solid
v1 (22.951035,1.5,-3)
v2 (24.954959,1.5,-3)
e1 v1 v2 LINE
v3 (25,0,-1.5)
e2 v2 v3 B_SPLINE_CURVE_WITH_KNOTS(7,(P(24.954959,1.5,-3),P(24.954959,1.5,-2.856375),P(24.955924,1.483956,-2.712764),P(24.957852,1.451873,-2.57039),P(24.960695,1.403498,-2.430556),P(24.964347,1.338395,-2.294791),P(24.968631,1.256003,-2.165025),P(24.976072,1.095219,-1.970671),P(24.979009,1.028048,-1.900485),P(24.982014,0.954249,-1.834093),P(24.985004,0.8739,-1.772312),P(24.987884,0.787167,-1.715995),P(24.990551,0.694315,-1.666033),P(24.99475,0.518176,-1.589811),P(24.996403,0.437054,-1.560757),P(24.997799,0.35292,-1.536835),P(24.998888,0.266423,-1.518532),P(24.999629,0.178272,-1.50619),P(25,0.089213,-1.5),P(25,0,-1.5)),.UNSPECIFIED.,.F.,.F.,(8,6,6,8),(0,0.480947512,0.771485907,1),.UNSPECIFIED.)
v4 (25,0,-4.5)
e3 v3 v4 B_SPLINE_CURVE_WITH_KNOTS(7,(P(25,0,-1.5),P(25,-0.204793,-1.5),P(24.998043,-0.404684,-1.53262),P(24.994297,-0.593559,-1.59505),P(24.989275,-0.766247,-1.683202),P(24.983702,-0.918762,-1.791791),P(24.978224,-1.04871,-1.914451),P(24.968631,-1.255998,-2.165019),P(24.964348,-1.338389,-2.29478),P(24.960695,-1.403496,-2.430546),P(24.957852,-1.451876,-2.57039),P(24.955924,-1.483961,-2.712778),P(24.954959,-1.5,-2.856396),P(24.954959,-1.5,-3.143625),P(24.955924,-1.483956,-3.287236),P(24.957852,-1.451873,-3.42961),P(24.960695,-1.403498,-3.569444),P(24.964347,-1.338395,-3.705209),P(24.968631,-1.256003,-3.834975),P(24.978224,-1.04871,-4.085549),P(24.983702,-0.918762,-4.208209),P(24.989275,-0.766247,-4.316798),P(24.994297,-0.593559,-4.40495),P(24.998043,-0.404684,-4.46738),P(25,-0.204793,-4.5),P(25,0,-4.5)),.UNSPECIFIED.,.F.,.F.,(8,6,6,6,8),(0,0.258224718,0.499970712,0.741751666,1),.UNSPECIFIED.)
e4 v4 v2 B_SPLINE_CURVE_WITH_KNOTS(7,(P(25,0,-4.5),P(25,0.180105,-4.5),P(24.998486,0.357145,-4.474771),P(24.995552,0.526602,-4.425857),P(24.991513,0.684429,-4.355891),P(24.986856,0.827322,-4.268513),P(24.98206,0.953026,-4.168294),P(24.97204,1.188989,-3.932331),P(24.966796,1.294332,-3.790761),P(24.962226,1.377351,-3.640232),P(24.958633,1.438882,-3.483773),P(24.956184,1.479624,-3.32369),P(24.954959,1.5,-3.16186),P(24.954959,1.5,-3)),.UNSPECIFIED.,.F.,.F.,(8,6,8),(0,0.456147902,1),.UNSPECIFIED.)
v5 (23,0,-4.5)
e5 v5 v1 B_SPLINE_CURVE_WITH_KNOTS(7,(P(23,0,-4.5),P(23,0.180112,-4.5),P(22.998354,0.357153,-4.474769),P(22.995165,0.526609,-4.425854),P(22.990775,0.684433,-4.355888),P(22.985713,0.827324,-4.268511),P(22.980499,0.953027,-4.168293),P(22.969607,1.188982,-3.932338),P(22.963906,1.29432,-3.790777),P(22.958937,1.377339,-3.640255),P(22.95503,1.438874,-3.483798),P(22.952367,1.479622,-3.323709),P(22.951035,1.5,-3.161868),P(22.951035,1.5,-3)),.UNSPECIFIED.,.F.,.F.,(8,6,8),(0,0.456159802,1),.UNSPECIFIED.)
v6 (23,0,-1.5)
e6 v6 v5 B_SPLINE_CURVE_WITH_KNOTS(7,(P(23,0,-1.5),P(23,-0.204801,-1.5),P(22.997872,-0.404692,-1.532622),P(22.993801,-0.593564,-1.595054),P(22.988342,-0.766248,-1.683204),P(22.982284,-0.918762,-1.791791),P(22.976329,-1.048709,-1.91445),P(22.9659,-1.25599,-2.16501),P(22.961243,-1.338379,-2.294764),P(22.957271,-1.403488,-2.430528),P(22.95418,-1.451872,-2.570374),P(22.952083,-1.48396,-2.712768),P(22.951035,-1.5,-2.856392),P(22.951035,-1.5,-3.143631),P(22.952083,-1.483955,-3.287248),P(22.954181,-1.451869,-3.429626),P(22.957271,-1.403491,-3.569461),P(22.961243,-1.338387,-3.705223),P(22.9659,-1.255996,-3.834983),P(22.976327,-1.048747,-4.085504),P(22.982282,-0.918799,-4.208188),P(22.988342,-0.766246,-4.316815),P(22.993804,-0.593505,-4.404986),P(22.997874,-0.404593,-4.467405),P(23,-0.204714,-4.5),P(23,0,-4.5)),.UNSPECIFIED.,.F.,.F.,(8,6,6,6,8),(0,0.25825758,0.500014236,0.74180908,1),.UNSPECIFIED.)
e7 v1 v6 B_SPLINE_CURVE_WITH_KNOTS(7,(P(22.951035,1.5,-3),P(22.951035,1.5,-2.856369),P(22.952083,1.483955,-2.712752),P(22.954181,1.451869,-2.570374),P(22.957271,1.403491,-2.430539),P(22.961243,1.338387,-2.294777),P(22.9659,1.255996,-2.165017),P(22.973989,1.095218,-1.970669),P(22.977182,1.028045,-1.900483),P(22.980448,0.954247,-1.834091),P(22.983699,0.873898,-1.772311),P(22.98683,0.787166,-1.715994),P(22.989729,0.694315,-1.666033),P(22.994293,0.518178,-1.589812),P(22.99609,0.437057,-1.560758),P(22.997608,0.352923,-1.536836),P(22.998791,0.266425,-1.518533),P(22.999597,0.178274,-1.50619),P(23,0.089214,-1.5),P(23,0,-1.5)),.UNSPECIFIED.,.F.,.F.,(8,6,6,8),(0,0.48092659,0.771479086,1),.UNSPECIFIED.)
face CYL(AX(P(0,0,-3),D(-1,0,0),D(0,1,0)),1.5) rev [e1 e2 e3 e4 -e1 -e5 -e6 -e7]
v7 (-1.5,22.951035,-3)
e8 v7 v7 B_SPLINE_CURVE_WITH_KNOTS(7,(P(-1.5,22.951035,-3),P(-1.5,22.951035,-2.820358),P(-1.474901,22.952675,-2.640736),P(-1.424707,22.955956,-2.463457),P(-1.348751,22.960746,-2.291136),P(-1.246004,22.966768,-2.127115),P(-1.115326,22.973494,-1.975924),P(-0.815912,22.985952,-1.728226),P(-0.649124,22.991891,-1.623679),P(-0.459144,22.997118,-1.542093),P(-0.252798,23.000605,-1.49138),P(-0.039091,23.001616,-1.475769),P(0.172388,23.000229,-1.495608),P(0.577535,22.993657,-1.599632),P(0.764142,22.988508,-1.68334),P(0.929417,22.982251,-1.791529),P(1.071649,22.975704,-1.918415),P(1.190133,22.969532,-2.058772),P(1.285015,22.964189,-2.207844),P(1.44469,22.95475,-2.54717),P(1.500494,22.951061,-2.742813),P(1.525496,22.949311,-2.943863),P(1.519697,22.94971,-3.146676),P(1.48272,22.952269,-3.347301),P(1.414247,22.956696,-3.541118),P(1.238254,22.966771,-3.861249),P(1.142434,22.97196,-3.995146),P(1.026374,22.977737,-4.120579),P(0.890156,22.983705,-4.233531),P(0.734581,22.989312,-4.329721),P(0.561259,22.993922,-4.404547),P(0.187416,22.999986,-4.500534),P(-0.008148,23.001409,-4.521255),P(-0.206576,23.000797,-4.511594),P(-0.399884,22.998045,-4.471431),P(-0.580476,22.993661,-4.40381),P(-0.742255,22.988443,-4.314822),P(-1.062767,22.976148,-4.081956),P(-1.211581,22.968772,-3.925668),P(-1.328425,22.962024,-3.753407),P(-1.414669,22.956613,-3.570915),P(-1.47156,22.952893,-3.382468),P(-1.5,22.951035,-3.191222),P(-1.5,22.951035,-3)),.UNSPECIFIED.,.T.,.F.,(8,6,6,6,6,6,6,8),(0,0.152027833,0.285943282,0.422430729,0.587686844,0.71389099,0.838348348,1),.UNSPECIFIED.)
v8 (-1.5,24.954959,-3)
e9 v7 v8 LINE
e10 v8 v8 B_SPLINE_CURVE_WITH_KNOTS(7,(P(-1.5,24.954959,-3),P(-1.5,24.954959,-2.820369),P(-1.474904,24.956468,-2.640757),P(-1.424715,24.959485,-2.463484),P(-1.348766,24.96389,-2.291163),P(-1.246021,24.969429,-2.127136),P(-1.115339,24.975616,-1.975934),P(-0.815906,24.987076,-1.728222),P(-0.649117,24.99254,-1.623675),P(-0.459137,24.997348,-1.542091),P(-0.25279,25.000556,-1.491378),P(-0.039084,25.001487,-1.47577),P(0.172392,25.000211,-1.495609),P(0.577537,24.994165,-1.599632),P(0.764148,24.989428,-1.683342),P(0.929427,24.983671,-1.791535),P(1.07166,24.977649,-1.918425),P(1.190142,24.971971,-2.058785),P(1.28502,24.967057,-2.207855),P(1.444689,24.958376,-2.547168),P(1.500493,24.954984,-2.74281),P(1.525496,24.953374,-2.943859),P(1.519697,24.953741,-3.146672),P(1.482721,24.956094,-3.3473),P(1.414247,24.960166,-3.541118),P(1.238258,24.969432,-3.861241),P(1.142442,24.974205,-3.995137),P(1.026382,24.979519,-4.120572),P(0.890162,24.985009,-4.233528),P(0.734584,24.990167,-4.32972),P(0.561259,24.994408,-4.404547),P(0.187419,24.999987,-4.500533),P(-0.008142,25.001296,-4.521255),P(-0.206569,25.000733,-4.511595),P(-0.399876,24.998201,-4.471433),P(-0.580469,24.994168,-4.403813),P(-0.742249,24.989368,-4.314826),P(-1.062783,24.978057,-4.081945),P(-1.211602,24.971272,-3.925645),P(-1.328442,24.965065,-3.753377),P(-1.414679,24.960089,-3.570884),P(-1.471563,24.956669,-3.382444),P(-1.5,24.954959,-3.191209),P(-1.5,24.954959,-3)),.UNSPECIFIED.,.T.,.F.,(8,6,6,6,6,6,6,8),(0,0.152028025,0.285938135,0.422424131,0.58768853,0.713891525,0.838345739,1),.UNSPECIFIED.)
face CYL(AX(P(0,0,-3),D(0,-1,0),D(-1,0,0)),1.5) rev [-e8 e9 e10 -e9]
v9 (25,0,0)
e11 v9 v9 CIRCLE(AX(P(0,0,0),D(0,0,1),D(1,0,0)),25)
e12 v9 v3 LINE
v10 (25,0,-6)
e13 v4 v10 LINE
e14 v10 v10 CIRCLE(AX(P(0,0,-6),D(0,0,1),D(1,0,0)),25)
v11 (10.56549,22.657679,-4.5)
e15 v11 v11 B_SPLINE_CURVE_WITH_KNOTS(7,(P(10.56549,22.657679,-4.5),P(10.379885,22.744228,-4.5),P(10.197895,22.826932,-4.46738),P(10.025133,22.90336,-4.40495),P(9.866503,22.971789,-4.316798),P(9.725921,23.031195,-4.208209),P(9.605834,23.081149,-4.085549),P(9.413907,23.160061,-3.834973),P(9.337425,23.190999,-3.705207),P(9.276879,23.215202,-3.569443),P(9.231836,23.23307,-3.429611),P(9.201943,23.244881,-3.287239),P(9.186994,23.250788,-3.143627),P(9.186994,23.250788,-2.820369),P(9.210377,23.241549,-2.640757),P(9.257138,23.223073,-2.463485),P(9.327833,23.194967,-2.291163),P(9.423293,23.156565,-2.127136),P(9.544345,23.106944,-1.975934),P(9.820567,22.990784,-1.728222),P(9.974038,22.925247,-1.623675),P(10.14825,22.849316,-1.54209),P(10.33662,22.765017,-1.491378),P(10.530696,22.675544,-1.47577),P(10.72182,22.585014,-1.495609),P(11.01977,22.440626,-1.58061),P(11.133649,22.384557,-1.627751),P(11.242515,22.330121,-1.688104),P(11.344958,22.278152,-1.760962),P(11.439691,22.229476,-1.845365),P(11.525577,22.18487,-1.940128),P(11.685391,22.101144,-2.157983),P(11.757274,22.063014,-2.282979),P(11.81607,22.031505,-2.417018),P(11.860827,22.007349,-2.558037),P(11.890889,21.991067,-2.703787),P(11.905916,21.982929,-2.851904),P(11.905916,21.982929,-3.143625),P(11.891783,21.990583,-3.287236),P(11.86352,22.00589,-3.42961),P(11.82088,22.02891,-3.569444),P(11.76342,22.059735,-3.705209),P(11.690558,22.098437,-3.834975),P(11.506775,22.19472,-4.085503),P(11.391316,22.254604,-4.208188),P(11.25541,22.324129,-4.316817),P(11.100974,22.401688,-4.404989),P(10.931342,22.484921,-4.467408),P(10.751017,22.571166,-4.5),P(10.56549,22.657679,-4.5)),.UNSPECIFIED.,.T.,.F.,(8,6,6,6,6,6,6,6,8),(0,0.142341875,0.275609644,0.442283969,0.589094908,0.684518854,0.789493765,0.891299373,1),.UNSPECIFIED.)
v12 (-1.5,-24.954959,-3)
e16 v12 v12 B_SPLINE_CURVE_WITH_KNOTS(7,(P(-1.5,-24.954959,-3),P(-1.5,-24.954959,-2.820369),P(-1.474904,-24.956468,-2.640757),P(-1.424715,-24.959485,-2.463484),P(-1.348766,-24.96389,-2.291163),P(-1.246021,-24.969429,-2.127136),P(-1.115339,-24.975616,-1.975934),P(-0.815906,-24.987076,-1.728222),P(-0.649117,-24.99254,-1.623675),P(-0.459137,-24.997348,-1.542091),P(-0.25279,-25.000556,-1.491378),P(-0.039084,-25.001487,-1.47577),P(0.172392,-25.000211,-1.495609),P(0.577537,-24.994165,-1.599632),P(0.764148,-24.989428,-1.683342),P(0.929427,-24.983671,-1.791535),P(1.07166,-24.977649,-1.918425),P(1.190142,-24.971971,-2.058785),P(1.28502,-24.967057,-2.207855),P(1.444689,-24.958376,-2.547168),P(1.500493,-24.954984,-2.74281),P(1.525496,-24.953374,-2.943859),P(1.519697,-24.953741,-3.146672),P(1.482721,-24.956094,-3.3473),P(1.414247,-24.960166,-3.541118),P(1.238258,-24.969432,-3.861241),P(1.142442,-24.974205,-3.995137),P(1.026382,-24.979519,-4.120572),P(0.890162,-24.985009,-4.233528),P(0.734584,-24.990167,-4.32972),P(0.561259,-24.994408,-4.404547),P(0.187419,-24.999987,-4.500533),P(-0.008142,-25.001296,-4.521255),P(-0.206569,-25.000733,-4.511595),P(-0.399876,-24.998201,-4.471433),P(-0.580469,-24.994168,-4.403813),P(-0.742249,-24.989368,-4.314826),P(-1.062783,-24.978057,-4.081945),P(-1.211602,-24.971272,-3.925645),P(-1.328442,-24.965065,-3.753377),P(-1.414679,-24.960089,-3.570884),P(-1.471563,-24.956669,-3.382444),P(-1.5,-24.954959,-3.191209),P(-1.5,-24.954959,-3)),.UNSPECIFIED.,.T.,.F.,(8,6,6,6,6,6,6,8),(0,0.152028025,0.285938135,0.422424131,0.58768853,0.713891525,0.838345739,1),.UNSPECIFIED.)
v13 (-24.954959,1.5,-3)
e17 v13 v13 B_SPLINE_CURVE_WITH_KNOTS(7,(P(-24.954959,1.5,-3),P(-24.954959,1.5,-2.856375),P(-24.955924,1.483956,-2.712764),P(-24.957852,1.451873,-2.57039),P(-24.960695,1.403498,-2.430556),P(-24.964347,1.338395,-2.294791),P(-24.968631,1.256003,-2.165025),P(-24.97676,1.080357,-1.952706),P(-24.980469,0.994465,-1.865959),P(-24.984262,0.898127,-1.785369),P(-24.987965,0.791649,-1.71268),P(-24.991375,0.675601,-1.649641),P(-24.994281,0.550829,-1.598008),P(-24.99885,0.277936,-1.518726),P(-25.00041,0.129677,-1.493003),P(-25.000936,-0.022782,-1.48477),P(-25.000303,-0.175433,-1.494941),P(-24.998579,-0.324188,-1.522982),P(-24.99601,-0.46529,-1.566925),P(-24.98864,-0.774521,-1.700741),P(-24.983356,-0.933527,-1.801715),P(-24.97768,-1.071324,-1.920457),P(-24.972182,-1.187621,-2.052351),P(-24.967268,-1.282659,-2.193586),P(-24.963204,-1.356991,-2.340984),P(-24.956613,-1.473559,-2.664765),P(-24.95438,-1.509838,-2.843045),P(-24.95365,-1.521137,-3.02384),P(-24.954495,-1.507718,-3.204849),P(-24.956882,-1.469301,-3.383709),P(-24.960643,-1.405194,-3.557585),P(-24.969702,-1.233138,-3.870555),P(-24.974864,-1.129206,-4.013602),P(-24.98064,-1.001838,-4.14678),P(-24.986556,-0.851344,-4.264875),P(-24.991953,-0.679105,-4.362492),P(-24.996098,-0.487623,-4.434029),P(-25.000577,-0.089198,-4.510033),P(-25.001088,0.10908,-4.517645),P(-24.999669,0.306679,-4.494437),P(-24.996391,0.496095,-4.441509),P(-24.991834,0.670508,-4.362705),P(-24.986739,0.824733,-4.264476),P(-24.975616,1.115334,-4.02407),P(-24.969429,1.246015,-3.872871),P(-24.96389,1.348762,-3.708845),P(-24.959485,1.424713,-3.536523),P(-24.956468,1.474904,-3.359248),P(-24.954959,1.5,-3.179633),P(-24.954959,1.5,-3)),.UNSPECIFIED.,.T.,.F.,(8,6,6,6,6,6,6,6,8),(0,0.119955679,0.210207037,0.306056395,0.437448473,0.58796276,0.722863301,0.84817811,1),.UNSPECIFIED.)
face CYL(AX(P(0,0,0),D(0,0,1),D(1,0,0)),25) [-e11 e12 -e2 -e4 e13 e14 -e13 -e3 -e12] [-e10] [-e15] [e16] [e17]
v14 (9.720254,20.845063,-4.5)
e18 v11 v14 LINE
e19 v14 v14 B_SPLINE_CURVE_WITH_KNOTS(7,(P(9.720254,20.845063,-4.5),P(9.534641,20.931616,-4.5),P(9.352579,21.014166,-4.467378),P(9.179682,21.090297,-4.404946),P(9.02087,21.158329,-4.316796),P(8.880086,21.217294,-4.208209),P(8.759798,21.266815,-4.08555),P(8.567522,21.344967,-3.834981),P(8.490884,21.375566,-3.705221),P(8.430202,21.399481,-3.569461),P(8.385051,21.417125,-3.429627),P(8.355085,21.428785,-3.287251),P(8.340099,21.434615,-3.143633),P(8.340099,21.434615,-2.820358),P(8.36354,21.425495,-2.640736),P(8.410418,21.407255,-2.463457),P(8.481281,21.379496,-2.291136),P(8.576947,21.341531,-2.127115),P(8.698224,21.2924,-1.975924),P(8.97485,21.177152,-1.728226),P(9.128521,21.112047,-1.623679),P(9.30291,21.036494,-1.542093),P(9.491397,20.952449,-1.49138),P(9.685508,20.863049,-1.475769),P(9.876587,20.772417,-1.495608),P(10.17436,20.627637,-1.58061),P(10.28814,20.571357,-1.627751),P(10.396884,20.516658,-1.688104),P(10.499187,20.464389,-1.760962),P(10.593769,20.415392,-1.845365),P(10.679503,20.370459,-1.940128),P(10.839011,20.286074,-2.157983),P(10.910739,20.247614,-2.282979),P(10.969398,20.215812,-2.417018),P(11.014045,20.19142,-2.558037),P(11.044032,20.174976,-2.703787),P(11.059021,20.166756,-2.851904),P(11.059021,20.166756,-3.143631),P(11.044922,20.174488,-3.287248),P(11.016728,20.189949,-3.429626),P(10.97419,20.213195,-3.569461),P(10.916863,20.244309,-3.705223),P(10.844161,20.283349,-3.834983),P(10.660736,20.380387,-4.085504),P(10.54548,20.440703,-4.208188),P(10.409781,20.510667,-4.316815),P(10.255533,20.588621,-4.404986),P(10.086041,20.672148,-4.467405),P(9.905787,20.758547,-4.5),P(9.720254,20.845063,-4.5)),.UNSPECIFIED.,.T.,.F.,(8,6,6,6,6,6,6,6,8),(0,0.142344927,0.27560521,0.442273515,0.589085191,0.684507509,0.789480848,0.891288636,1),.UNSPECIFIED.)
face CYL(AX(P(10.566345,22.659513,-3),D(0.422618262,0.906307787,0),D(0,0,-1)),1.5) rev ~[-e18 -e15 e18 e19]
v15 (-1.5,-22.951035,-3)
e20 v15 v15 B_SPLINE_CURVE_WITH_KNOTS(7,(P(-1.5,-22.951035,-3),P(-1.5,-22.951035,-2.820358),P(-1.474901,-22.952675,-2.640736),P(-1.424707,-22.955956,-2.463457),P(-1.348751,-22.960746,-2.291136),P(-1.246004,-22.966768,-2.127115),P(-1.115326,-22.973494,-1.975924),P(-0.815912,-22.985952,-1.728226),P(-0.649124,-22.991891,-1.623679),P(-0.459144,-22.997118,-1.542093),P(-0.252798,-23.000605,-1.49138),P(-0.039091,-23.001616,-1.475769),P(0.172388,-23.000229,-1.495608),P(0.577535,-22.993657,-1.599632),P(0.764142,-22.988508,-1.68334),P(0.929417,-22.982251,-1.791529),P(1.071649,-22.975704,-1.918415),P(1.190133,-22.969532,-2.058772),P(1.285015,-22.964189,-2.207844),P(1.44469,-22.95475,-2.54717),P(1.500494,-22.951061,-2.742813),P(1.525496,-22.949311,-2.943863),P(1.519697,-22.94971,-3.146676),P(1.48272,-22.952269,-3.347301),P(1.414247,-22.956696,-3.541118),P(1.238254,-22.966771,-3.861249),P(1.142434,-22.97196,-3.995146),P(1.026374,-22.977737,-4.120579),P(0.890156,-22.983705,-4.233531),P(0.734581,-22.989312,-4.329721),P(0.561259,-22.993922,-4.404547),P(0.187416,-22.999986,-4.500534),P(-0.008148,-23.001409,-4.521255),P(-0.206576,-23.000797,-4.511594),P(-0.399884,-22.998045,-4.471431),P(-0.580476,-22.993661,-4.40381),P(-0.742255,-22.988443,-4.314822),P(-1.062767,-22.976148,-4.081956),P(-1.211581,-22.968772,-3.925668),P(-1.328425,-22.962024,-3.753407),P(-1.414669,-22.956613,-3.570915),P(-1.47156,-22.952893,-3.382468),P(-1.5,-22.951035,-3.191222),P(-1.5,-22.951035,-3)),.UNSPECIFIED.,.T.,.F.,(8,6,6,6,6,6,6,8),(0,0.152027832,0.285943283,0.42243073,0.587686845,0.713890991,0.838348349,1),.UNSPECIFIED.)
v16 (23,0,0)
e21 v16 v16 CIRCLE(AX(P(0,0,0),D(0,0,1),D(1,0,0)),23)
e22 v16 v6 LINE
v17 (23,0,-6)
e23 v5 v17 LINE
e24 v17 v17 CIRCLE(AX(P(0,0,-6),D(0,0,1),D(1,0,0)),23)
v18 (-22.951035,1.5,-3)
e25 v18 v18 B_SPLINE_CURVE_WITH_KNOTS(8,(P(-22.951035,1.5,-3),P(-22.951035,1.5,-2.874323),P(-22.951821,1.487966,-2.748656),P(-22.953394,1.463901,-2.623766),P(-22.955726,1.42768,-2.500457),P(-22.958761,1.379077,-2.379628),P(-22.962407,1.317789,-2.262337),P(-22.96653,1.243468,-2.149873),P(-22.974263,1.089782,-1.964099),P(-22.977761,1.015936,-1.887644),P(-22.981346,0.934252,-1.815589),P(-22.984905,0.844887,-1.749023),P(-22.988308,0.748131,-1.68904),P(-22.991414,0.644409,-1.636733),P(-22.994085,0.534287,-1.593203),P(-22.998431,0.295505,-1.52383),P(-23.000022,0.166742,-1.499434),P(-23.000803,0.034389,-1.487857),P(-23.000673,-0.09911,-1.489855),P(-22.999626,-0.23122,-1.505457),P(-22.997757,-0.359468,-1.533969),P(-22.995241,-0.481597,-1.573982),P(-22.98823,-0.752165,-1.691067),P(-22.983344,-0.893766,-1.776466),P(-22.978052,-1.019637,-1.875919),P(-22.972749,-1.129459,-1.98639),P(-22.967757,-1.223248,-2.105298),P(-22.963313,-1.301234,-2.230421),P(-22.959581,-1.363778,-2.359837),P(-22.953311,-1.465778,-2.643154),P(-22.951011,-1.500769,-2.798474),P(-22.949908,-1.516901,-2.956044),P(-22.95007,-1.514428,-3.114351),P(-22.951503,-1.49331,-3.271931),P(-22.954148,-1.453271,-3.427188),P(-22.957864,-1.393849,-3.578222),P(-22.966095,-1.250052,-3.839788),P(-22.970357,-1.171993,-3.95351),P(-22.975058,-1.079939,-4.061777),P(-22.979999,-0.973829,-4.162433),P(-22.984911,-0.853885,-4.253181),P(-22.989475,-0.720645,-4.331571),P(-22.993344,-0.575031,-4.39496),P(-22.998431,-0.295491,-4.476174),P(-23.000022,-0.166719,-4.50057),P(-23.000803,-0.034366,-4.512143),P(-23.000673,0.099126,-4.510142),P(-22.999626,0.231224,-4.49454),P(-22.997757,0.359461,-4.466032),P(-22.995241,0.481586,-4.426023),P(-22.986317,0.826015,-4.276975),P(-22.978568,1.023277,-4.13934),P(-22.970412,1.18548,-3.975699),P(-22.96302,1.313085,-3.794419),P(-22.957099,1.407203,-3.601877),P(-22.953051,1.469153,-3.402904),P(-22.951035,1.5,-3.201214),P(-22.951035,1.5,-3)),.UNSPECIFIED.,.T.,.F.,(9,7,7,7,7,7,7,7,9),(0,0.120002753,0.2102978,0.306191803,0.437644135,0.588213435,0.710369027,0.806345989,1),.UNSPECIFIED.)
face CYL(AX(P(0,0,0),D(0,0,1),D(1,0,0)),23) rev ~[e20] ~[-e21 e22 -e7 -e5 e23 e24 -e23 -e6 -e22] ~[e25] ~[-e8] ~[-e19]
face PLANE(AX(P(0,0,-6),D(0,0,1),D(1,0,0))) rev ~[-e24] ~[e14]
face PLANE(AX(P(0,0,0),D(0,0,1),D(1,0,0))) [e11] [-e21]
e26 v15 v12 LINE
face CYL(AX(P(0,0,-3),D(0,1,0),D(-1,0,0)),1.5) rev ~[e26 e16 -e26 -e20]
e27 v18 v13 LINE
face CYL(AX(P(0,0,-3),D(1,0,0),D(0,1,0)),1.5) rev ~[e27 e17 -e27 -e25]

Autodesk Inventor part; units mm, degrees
ref_plane "YZ Plane" through (0, 0, 0) normal (1, 0, 0) x (0, 1, 0)
sketch "Sketch1" plane through (0, 0, 0) normal (0, 0, 1) x (1, 0, 0)
  circle A0 centre (0, 0) radius 23
  circle A1 centre (0, 0) radius 25
  dimension "d0" = 50
  dimension "d2" = 46
extrude "Extrusion1" add sketch "Sketch1" against normal blind 6
sketch "Sketch2" plane through (0, 0, 0) normal (0, 1, 0) x (-1, 0, 0)
  line L0 (-25, -6) -> (25, -6) projected
  circle A0 centre (0, -3) radius 1.5
  point P0 (0, 0)
  dimension "d5" = 3
  dimension "d6" = 3
extrude "Extrusion2" cut sketch "Sketch2" along normal through all both and the other way through all
sketch "Sketch3" plane through (0, 0, 0) normal (1, 0, 0) x (0, 1, 0)
  circle A0 centre (0, -3) radius 1.5
  line L0 (-25, 0) -> (25, 0) projected
  point P0 (0, 0)
  dimension "d9" = 3
  dimension "d10" = 3
extrude "Extrusion3" cut sketch "Sketch3" along normal through all both and the other way through all
ref_plane "Work Plane1" through (0, 0, 0) normal (0.4226, 0.9063, 0) x (0, 0, -1)
ref_plane "Work Plane2" through (10.5655, 22.6577, 0) normal (0.4226, 0.9063, 0) x (0, 0, -1)
sketch "Sketch5" plane through (10.5655, 22.6577, 0) normal (0.4226, 0.9063, 0) x (0, 0, -1)
  circle A0 centre (3, 0) radius 1.5
  line L0 (0, 25) -> (6, 25) projected
  point P0 (0, 0)
  point P1 (3, 25)
  dimension "d17" = 3
extrude "Extrusion4" cut sketch "Sketch5" against normal blind 10
properties part number "Ball Ring"
